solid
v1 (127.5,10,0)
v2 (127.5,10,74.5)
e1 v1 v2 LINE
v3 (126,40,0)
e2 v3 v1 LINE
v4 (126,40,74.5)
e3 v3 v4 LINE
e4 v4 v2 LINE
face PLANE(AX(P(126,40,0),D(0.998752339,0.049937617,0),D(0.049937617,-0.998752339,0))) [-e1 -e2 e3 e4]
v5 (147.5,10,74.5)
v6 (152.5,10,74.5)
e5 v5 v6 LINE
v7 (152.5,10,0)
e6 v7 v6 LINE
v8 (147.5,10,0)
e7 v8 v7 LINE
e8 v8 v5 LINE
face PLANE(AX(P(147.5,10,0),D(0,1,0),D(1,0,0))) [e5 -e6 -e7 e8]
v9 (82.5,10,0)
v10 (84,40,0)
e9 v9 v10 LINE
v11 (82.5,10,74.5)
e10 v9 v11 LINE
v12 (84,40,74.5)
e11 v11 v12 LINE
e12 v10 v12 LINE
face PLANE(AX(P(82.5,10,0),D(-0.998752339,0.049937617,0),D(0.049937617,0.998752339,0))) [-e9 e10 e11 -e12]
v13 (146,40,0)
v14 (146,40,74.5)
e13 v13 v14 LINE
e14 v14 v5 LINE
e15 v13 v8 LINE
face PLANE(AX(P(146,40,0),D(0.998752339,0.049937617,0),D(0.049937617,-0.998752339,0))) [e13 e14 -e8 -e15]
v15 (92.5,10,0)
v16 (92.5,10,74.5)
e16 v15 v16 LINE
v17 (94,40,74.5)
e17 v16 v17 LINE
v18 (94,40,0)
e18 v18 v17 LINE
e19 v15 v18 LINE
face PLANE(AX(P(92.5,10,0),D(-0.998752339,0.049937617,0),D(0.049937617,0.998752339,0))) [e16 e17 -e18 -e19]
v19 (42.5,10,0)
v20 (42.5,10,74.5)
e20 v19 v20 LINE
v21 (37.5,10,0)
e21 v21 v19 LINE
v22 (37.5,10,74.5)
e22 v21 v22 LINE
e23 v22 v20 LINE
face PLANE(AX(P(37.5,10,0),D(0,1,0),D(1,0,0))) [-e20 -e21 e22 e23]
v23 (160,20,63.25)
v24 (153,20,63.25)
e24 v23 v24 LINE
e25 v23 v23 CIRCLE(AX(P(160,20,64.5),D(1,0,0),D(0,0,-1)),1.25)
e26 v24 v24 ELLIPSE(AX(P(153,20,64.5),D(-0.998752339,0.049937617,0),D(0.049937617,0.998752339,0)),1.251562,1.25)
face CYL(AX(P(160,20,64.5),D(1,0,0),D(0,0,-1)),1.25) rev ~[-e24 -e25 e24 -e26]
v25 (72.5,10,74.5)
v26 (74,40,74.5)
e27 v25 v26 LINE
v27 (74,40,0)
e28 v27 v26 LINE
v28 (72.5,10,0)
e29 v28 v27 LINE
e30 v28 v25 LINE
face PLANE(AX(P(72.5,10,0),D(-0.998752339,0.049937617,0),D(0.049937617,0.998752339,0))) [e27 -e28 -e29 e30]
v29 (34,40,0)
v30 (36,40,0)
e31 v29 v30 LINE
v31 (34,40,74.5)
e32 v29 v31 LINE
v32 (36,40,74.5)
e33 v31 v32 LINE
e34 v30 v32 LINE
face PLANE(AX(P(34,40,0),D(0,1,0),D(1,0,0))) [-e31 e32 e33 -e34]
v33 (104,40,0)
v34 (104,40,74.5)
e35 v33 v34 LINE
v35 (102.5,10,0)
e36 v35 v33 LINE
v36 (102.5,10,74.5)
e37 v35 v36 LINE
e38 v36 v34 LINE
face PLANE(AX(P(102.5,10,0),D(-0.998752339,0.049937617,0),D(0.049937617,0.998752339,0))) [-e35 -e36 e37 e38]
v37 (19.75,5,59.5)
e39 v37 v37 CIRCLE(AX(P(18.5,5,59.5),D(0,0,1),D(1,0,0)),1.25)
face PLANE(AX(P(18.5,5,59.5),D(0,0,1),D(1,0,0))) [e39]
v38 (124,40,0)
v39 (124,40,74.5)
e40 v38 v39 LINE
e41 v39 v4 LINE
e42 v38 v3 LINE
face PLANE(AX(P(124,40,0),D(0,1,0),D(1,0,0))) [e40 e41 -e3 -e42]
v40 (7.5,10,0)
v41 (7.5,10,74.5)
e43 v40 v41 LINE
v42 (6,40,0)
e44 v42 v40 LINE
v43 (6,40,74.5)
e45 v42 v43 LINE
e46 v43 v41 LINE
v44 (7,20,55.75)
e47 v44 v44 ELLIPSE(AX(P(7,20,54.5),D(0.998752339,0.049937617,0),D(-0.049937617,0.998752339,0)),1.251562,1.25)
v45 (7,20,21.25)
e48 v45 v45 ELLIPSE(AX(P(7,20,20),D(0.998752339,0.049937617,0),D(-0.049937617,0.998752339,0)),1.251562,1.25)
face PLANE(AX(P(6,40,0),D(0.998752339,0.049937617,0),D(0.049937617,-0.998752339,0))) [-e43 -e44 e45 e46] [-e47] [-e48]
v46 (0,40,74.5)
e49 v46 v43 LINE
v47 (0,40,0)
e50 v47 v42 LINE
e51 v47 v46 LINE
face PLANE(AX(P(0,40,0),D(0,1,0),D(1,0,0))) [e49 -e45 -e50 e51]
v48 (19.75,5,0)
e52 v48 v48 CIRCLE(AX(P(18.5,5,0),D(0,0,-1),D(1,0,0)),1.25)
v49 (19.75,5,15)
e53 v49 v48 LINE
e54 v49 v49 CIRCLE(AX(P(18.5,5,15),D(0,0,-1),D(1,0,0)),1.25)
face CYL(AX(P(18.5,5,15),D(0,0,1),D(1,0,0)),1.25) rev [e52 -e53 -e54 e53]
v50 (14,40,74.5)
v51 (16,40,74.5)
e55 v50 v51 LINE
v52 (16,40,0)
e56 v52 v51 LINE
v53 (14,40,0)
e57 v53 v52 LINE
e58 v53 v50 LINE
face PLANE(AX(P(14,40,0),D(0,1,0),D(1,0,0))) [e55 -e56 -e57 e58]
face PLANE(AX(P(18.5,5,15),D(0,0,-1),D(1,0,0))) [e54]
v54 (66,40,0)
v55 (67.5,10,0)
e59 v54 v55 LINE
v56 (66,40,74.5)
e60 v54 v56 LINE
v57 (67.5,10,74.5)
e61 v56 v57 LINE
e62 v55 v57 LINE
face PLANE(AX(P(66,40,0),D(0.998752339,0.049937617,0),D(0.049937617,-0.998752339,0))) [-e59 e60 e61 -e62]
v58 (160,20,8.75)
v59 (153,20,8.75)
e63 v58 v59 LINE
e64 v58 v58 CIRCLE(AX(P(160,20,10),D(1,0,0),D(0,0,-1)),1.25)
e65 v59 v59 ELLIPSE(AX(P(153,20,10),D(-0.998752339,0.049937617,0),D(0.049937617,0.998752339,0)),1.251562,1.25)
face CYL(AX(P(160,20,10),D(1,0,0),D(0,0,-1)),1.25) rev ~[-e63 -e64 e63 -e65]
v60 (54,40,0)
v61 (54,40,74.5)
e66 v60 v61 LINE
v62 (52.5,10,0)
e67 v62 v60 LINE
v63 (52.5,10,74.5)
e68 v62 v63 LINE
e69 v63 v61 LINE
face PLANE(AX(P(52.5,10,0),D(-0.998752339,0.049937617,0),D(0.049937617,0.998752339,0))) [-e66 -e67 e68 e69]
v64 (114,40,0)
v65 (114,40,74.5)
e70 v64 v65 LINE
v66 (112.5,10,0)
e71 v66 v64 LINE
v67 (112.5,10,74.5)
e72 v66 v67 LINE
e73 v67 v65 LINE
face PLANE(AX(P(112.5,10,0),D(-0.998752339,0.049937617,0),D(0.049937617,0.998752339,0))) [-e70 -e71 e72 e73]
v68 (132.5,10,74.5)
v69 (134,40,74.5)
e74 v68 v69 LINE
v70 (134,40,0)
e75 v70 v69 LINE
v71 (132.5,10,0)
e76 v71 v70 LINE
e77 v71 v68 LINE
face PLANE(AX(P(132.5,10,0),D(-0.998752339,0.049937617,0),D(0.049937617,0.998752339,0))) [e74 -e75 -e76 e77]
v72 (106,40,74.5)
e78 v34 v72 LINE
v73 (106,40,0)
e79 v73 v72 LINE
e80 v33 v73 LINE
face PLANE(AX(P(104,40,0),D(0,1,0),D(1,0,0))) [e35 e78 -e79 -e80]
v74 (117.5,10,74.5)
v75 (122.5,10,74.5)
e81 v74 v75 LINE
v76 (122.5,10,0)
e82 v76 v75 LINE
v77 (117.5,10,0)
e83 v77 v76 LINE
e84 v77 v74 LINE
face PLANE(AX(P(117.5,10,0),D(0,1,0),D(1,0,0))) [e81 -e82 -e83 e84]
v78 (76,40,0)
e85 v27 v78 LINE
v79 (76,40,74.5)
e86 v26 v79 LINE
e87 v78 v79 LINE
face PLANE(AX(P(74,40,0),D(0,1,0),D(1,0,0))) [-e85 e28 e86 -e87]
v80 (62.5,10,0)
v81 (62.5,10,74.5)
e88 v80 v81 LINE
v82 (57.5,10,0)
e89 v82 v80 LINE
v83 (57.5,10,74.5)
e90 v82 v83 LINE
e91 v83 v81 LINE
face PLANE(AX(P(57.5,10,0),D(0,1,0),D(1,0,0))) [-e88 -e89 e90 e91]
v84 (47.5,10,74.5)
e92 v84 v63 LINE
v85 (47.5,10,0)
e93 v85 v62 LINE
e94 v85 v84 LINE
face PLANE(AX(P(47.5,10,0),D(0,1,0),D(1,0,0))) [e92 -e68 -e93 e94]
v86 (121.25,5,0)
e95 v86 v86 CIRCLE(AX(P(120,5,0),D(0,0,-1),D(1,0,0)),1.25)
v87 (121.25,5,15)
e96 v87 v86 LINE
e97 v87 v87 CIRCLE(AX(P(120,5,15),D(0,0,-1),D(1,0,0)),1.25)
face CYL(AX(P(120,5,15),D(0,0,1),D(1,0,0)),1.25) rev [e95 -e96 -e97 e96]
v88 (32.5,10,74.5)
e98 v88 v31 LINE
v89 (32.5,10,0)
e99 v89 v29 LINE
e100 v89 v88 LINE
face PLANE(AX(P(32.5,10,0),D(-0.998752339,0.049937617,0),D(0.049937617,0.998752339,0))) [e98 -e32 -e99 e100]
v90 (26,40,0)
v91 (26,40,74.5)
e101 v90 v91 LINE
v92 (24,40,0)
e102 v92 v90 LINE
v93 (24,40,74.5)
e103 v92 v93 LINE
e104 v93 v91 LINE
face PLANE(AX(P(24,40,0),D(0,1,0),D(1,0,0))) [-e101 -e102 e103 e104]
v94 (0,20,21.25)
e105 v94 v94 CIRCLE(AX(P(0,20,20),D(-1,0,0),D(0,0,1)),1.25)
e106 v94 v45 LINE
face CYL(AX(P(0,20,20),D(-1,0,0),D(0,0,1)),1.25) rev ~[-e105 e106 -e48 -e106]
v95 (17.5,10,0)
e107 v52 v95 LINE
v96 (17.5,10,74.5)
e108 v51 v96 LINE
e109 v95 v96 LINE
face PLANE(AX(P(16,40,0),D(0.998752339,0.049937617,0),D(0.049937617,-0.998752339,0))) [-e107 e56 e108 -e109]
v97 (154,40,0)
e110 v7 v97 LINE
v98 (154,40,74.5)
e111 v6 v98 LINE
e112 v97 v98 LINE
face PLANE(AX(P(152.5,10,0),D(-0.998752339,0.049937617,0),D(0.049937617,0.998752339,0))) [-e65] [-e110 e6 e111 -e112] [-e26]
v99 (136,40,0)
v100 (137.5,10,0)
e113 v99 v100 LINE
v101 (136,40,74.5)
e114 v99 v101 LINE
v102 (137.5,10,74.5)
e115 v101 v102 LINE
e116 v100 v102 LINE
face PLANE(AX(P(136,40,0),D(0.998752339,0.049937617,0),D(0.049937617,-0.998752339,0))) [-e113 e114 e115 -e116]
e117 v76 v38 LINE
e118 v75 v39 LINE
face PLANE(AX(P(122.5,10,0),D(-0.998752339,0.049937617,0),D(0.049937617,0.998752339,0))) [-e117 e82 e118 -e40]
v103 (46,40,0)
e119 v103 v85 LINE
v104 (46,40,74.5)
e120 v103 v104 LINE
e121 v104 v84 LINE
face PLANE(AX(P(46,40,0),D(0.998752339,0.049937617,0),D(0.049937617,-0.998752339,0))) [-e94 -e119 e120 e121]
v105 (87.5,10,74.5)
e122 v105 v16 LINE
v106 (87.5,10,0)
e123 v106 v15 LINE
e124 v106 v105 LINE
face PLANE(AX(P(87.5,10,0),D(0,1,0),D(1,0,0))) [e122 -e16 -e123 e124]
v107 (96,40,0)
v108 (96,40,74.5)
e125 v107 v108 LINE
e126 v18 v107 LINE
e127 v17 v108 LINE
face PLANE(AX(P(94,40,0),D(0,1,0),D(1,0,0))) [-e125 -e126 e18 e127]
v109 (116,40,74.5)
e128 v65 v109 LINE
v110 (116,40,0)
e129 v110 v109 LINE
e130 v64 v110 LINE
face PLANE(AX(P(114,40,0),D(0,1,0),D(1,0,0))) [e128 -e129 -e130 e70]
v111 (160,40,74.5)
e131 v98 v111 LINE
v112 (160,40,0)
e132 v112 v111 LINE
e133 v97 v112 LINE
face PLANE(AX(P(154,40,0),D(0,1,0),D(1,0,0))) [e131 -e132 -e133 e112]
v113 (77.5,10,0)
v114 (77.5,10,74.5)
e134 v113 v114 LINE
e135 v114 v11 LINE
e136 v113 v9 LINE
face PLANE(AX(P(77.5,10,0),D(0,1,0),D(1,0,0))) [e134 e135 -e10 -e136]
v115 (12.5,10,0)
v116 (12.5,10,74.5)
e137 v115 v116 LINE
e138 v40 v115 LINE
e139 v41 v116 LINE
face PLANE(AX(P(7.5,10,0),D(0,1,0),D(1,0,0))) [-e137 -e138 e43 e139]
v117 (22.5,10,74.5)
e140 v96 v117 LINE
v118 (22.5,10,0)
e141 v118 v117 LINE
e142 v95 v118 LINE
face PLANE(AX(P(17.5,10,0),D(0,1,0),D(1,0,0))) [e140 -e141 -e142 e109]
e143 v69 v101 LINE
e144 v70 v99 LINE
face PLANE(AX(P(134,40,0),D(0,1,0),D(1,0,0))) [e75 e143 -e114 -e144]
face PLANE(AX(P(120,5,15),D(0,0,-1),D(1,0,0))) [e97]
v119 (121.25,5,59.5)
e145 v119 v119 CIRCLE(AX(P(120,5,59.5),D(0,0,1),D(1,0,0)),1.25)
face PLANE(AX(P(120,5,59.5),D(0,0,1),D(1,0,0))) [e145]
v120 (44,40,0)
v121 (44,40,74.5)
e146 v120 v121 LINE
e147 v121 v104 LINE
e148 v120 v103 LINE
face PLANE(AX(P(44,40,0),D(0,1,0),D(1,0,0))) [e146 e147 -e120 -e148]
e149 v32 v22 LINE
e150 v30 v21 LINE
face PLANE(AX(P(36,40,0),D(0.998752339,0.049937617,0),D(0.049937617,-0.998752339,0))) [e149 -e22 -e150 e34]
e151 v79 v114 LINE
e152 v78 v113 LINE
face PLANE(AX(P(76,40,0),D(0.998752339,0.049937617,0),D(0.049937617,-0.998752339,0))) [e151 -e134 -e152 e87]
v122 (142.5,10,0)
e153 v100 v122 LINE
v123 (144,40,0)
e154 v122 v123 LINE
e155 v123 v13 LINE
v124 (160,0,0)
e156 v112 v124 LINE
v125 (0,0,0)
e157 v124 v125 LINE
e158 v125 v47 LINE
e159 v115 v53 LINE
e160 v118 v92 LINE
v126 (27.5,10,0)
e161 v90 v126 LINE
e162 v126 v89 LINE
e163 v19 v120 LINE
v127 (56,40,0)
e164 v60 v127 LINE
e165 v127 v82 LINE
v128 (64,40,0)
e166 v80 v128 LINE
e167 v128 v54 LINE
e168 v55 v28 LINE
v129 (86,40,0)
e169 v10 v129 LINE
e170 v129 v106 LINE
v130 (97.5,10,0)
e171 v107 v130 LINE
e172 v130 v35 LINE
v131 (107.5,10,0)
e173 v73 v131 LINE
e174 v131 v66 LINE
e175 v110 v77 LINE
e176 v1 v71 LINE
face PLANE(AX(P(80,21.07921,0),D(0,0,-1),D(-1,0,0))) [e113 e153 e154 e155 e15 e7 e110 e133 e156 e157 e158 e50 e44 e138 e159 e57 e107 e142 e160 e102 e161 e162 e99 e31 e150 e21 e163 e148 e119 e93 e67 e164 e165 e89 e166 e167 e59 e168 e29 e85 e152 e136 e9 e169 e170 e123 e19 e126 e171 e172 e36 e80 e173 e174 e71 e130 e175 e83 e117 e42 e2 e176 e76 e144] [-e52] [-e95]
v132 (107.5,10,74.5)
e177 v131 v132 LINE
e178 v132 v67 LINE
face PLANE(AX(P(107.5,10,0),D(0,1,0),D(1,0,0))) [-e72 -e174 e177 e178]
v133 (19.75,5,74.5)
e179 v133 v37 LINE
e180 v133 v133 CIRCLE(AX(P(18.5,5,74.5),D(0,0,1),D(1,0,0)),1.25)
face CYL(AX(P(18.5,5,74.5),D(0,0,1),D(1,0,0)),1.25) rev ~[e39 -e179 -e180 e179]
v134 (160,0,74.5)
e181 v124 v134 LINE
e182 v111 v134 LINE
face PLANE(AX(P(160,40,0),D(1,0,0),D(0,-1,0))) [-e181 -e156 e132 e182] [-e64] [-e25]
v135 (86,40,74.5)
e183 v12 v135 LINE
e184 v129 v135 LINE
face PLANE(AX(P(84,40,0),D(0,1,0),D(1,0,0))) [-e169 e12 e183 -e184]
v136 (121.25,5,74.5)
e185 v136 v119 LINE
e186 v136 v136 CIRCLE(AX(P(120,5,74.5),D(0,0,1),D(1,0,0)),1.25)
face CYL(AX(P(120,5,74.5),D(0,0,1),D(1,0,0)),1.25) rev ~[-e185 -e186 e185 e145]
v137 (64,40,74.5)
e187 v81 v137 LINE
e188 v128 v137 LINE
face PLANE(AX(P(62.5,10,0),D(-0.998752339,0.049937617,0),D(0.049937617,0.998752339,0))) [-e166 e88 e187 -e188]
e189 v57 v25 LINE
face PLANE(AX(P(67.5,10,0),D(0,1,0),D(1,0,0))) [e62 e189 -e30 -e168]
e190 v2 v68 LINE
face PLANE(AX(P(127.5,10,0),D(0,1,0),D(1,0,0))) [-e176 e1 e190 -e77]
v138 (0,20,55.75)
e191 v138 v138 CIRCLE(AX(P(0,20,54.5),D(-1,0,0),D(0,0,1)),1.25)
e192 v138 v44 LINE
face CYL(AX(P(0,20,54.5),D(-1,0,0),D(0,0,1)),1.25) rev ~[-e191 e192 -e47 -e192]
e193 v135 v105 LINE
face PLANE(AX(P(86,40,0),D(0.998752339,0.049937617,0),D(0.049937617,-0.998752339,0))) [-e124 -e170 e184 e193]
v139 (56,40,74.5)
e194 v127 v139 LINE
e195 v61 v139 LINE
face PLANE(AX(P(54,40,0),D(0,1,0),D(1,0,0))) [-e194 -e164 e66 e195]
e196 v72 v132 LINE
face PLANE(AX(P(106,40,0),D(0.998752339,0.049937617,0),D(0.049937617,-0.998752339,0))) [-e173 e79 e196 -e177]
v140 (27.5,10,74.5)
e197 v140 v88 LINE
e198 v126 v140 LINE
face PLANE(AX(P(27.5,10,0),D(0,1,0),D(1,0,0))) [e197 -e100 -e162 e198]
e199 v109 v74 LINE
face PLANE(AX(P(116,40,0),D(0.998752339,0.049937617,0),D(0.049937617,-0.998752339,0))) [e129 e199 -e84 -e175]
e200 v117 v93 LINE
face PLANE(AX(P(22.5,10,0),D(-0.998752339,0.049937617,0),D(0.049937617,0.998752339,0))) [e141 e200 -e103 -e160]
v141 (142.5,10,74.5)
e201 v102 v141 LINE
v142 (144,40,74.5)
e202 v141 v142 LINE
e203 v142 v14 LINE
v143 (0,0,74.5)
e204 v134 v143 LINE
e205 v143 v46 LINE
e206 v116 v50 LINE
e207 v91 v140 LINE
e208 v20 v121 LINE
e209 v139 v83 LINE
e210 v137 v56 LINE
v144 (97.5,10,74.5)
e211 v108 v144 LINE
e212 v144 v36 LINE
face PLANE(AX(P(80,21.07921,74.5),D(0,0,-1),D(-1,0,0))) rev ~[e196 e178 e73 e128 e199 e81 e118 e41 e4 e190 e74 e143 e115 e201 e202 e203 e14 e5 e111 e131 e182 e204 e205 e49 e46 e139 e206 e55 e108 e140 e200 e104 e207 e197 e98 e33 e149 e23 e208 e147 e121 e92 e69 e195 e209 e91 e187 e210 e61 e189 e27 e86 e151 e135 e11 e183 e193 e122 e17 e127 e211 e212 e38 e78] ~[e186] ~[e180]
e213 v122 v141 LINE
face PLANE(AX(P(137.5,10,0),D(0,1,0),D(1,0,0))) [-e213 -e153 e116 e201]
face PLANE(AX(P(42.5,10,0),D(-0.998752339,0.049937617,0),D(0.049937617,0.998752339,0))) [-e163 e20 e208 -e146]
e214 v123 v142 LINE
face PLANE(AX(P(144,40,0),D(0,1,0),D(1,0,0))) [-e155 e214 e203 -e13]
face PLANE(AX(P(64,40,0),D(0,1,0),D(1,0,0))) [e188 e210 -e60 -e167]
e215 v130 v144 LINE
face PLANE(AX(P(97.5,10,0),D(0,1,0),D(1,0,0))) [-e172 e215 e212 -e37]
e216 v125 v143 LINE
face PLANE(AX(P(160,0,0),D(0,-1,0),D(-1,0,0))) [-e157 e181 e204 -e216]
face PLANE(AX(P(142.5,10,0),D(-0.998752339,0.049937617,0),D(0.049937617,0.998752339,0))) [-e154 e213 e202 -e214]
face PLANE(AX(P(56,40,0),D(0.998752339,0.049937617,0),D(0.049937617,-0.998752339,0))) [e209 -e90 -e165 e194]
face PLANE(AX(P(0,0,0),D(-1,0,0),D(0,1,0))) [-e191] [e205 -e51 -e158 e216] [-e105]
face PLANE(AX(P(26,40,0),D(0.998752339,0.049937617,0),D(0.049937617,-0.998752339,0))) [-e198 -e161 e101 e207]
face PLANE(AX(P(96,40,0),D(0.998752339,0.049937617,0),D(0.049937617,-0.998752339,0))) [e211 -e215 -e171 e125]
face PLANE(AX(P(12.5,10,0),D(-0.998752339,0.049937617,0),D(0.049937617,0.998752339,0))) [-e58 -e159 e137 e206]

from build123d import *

# Parameters (mm, degrees)
BOSS_EXTRUDE1_DEPTH = 74.5
SKETCH2_R           = 1.25
CUT_EXTRUDE1_DEPTH  = 10
SKETCH3_R           = 1.25
CUT_EXTRUDE2_DEPTH  = 10
SKETCH4_R           = 1.25
CUT_EXTRUDE3_DEPTH  = 15
CUT_EXTRUDE4_START  = -15
SKETCH5_R           = 1.25
CUT_EXTRUDE4_DEPTH  = 15


with BuildPart() as part:
    # Sketch1 → Boss-Extrude1 (new body)
    with BuildSketch(Plane.XY):
        Polygon((0, 0), (0, 40), (6, 40), (7.5, 10), (12.5, 10), (14, 40), (16, 40), (17.5, 10), (22.5, 10), (24, 40), (26, 40), (27.5, 10), (32.5, 10), (34, 40), (36, 40), (37.5, 10), (42.5, 10), (44, 40), (46, 40), (47.5, 10), (52.5, 10), (54, 40), (56, 40), (57.5, 10), (62.5, 10), (64, 40), (66, 40), (67.5, 10), (72.5, 10), (74, 40), (76, 40), (77.5, 10), (82.5, 10), (84, 40), (86, 40), (87.5, 10), (92.5, 10), (94, 40), (96, 40), (97.5, 10), (102.5, 10), (104, 40), (106, 40), (107.5, 10), (112.5, 10), (114, 40), (116, 40), (117.5, 10), (122.5, 10), (124, 40), (126, 40), (127.5, 10), (132.5, 10), (134, 40), (136, 40), (137.5, 10), (142.5, 10), (144, 40), (146, 40), (147.5, 10), (152.5, 10), (154, 40), (160, 40), (160, 0), align=None)
    extrude(amount=BOSS_EXTRUDE1_DEPTH)

    # Sketch2 → Cut-Extrude1 (cut)
    with BuildSketch(Plane(origin=(160, 0, 0), x_dir=(0, 0, -1), z_dir=(1, 0, 0))):
        with Locations((-64.5, 20)):
            Circle(SKETCH2_R)
        with Locations((-10, 20)):
            Circle(SKETCH2_R)
    extrude(amount=-CUT_EXTRUDE1_DEPTH, mode=Mode.SUBTRACT)

    # Sketch3 → Cut-Extrude2 (cut)
    with BuildSketch(Plane.ZY):
        with Locations((20, 20)):
            Circle(SKETCH3_R)
        with Locations((54.5, 20)):
            Circle(SKETCH3_R)
    extrude(amount=-CUT_EXTRUDE2_DEPTH, mode=Mode.SUBTRACT)

    # Sketch4 → Cut-Extrude3 (cut)
    with BuildSketch(Plane.XY.offset(74.5)):
        with Locations((18.5, 5)):
            Circle(SKETCH4_R)
        with Locations((120, 5)):
            Circle(SKETCH4_R)
    extrude(amount=-CUT_EXTRUDE3_DEPTH, mode=Mode.SUBTRACT)

    # Sketch5 → Cut-Extrude4 (cut)
    with BuildSketch(Plane(origin=(0, 0, 0), x_dir=(-1, 0, 0), z_dir=(0, 0, -1)).offset(CUT_EXTRUDE4_START)):
        with Locations(Location((-120, 5, 0), (0, 0, 180))):
            Circle(SKETCH5_R)
        with Locations(Location((-18.5, 5, 0), (0, 0, 180))):
            Circle(SKETCH5_R)
    extrude(amount=CUT_EXTRUDE4_DEPTH, mode=Mode.SUBTRACT)


solid = part.part
